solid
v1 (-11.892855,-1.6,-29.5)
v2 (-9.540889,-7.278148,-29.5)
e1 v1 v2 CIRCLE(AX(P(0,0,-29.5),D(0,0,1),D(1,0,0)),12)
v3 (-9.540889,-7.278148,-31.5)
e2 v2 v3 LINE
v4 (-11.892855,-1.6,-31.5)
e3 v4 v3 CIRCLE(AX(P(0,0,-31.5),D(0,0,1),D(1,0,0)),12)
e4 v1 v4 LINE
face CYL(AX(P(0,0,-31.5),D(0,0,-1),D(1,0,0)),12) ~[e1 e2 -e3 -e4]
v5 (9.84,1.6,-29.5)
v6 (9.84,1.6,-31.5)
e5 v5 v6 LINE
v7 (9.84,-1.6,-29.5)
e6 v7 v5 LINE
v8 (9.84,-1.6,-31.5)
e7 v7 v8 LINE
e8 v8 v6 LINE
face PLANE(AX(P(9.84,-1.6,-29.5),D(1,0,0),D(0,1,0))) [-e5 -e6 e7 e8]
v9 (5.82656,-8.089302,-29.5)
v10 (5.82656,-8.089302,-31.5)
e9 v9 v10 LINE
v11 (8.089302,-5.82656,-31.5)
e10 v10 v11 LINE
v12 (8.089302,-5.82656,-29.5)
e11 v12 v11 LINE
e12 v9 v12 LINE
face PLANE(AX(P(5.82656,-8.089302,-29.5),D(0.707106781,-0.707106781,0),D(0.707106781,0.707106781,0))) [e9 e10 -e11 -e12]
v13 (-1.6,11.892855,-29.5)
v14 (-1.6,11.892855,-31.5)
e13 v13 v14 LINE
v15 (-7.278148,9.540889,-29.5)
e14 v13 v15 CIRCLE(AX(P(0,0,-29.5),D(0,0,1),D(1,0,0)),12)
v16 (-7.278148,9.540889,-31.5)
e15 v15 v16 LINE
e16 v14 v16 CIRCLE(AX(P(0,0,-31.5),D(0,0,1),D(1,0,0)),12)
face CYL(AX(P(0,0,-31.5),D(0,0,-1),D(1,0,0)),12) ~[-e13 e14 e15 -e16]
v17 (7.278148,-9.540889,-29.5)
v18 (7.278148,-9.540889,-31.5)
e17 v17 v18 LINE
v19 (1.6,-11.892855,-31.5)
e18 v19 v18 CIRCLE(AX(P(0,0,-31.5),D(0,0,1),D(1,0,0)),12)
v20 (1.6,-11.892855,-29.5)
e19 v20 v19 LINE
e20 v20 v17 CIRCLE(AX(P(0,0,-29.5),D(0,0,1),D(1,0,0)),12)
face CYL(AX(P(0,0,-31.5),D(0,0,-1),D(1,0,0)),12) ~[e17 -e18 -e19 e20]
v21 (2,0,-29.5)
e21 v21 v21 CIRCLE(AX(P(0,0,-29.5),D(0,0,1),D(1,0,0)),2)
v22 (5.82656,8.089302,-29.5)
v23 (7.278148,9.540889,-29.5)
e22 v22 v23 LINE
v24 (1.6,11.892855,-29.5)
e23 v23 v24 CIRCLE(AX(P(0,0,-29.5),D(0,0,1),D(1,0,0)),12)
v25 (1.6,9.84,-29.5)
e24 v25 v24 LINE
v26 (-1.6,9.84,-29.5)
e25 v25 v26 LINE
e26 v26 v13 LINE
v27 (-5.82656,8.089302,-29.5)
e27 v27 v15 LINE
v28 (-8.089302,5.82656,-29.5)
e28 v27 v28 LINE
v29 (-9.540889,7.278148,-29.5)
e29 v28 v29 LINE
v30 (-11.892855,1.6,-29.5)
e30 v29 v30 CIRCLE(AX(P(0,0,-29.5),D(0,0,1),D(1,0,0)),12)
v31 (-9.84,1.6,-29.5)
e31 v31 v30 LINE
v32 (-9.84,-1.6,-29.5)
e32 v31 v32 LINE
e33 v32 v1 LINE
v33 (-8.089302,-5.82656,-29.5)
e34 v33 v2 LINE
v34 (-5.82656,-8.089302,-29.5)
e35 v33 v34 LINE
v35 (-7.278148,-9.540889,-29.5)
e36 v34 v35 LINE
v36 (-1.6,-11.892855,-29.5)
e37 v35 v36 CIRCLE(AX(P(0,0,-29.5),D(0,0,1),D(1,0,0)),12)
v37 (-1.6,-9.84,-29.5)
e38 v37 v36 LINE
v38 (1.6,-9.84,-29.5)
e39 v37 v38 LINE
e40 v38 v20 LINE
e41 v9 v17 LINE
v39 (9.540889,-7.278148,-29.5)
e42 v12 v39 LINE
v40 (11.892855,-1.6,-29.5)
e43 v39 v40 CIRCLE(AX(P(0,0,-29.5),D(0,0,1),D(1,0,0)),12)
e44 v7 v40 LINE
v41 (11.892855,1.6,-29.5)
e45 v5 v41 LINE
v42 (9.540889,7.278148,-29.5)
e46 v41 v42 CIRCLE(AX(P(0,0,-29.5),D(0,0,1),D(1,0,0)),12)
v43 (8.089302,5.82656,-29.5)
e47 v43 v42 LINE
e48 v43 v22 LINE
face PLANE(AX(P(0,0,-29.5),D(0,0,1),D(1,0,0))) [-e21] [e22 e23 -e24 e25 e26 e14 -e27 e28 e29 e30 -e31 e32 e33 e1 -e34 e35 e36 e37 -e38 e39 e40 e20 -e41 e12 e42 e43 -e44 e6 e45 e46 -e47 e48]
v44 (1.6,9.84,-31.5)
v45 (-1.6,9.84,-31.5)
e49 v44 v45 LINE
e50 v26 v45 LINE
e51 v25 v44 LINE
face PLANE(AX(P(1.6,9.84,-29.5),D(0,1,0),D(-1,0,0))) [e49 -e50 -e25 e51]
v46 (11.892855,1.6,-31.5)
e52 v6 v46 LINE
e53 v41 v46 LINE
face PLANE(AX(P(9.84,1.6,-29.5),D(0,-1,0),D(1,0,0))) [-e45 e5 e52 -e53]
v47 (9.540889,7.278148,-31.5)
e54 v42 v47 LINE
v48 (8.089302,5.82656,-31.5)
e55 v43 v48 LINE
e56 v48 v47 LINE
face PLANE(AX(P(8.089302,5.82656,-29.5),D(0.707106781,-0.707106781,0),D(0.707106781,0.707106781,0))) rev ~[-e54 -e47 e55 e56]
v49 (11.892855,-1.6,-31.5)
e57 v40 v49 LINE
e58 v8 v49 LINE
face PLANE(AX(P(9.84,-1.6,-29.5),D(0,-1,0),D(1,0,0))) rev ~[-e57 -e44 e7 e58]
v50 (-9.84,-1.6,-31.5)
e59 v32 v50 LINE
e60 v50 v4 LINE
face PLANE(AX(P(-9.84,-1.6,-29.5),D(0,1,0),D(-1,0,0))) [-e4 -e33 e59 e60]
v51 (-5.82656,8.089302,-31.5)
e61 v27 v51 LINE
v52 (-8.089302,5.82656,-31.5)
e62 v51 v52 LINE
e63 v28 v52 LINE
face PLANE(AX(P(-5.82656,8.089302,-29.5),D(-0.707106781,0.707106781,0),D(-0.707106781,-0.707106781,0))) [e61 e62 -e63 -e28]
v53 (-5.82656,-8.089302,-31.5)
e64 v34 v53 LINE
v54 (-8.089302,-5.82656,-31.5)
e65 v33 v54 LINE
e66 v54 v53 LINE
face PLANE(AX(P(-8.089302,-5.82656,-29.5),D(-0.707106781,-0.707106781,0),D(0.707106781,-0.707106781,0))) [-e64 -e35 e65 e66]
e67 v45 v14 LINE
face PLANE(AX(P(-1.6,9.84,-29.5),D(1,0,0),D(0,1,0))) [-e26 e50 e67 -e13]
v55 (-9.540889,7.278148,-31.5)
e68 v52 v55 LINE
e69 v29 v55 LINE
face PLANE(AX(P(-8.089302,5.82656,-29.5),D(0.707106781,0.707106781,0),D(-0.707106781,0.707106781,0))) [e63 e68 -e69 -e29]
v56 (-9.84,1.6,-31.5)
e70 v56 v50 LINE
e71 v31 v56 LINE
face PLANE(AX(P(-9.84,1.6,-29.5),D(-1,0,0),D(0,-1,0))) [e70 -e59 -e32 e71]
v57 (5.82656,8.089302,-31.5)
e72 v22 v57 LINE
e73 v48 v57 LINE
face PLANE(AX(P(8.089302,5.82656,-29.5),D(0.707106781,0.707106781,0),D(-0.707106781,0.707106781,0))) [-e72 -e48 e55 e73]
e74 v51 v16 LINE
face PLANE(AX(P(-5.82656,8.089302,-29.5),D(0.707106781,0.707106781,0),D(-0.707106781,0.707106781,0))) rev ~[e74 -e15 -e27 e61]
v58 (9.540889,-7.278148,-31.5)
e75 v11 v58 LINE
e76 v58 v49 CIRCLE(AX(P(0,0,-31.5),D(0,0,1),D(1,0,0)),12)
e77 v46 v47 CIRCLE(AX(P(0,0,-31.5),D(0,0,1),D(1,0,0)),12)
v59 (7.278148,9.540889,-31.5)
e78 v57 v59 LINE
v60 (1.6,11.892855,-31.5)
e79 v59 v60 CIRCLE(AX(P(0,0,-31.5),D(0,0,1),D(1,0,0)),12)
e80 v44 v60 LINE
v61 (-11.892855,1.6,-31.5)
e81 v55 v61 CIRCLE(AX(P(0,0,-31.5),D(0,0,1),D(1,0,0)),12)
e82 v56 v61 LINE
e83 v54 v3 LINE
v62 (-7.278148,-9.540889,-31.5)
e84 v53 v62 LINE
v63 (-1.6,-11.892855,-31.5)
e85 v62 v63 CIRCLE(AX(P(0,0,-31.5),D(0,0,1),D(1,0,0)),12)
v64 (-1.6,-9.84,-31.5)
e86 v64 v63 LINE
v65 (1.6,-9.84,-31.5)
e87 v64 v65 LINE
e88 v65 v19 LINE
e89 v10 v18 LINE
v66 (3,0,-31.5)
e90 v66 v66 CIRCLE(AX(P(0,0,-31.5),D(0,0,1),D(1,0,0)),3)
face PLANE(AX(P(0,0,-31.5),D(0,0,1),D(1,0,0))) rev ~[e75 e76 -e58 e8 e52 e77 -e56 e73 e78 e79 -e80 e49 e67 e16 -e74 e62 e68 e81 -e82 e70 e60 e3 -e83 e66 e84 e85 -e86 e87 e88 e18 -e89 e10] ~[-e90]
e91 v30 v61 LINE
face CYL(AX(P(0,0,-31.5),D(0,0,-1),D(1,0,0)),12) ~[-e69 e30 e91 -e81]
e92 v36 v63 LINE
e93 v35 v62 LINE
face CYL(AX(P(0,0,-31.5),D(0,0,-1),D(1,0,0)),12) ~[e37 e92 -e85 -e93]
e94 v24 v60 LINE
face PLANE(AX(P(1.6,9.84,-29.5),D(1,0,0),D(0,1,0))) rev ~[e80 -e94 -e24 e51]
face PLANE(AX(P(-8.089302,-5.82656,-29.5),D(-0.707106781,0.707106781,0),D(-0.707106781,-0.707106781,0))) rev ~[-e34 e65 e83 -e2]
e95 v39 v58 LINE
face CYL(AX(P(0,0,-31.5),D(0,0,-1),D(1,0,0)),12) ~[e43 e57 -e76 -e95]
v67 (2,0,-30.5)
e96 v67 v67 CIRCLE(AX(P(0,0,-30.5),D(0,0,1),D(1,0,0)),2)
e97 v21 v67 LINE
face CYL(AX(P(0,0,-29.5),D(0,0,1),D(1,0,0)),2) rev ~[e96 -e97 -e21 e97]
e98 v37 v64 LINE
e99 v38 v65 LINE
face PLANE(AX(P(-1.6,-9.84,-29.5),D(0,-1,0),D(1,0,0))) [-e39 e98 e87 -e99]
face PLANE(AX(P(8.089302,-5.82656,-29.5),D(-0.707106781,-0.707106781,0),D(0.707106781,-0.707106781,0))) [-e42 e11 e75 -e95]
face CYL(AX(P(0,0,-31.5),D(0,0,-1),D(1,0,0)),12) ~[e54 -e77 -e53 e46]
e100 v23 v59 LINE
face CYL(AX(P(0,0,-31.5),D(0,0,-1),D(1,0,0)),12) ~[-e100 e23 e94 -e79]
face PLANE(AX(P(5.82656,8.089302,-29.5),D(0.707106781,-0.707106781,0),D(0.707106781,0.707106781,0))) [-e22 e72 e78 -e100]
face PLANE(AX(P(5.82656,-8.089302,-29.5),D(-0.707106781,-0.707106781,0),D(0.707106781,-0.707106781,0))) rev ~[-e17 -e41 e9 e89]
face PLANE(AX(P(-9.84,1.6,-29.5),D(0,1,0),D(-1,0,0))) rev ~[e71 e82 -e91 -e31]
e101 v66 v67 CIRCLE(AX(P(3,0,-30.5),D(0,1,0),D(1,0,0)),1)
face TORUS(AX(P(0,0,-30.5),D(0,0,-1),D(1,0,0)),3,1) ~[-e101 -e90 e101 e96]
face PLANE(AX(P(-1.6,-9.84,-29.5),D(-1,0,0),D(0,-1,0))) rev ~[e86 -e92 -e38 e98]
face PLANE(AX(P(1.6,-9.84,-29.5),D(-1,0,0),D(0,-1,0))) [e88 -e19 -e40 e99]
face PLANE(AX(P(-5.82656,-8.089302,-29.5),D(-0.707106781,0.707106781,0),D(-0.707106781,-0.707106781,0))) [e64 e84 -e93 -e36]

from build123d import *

# Parameters (mm, degrees)
SKETCH005_R           = 12
PAD002_DEPTH          = 2
SKETCH004_W           = 2.57
SKETCH004_H           = 3.2
POCKET003_DEPTH       = 5
POLARPATTERN001_COUNT = 8
SKETCH006_R           = 2
POCKET002_DEPTH       = 6
FILLET001_R           = 1


with BuildPart() as part:
    # Sketch005 → Pad002 (new body)
    with BuildSketch(Plane.XY.offset(28.5)):
        Circle(SKETCH005_R)
    extrude(amount=PAD002_DEPTH)

    # Sketch004 (on Face3 of Pad002) → Pocket003 (cut)
    with BuildSketch(Plane.XY.offset(30.5)):
        with Locations((11.125, 0)):
            Rectangle(SKETCH004_W, SKETCH004_H)
    pocket003 = extrude(amount=-POCKET003_DEPTH, mode=Mode.SUBTRACT)

    # PolarPattern001: Pocket003 ×8 about axis
    polarpattern001_axis = Axis((0, 0, 30.5), (0, 0, 1))
    for i in range(1, POLARPATTERN001_COUNT):
        add(pocket003.rotate(polarpattern001_axis, i * 360 / POLARPATTERN001_COUNT), mode=Mode.SUBTRACT)

    # Sketch006 (on Face4 of PolarPattern001) → Pocket002 (cut)
    with BuildSketch(Plane.XY.offset(30.5)):
        Circle(SKETCH006_R)
    extrude(amount=-POCKET002_DEPTH, mode=Mode.SUBTRACT)

    # Fillet001
    fillet001_edges = [part.edges().sort_by_distance(p)[0] for p in [
        (-2, 0, 28.5),
    ]]
    fillet(fillet001_edges, radius=FILLET001_R)


with BuildPart() as part_1:
    # Body002 placement: moved
    add(part.part.moved(Location((0, 0, -60))))


solid = part_1.part
